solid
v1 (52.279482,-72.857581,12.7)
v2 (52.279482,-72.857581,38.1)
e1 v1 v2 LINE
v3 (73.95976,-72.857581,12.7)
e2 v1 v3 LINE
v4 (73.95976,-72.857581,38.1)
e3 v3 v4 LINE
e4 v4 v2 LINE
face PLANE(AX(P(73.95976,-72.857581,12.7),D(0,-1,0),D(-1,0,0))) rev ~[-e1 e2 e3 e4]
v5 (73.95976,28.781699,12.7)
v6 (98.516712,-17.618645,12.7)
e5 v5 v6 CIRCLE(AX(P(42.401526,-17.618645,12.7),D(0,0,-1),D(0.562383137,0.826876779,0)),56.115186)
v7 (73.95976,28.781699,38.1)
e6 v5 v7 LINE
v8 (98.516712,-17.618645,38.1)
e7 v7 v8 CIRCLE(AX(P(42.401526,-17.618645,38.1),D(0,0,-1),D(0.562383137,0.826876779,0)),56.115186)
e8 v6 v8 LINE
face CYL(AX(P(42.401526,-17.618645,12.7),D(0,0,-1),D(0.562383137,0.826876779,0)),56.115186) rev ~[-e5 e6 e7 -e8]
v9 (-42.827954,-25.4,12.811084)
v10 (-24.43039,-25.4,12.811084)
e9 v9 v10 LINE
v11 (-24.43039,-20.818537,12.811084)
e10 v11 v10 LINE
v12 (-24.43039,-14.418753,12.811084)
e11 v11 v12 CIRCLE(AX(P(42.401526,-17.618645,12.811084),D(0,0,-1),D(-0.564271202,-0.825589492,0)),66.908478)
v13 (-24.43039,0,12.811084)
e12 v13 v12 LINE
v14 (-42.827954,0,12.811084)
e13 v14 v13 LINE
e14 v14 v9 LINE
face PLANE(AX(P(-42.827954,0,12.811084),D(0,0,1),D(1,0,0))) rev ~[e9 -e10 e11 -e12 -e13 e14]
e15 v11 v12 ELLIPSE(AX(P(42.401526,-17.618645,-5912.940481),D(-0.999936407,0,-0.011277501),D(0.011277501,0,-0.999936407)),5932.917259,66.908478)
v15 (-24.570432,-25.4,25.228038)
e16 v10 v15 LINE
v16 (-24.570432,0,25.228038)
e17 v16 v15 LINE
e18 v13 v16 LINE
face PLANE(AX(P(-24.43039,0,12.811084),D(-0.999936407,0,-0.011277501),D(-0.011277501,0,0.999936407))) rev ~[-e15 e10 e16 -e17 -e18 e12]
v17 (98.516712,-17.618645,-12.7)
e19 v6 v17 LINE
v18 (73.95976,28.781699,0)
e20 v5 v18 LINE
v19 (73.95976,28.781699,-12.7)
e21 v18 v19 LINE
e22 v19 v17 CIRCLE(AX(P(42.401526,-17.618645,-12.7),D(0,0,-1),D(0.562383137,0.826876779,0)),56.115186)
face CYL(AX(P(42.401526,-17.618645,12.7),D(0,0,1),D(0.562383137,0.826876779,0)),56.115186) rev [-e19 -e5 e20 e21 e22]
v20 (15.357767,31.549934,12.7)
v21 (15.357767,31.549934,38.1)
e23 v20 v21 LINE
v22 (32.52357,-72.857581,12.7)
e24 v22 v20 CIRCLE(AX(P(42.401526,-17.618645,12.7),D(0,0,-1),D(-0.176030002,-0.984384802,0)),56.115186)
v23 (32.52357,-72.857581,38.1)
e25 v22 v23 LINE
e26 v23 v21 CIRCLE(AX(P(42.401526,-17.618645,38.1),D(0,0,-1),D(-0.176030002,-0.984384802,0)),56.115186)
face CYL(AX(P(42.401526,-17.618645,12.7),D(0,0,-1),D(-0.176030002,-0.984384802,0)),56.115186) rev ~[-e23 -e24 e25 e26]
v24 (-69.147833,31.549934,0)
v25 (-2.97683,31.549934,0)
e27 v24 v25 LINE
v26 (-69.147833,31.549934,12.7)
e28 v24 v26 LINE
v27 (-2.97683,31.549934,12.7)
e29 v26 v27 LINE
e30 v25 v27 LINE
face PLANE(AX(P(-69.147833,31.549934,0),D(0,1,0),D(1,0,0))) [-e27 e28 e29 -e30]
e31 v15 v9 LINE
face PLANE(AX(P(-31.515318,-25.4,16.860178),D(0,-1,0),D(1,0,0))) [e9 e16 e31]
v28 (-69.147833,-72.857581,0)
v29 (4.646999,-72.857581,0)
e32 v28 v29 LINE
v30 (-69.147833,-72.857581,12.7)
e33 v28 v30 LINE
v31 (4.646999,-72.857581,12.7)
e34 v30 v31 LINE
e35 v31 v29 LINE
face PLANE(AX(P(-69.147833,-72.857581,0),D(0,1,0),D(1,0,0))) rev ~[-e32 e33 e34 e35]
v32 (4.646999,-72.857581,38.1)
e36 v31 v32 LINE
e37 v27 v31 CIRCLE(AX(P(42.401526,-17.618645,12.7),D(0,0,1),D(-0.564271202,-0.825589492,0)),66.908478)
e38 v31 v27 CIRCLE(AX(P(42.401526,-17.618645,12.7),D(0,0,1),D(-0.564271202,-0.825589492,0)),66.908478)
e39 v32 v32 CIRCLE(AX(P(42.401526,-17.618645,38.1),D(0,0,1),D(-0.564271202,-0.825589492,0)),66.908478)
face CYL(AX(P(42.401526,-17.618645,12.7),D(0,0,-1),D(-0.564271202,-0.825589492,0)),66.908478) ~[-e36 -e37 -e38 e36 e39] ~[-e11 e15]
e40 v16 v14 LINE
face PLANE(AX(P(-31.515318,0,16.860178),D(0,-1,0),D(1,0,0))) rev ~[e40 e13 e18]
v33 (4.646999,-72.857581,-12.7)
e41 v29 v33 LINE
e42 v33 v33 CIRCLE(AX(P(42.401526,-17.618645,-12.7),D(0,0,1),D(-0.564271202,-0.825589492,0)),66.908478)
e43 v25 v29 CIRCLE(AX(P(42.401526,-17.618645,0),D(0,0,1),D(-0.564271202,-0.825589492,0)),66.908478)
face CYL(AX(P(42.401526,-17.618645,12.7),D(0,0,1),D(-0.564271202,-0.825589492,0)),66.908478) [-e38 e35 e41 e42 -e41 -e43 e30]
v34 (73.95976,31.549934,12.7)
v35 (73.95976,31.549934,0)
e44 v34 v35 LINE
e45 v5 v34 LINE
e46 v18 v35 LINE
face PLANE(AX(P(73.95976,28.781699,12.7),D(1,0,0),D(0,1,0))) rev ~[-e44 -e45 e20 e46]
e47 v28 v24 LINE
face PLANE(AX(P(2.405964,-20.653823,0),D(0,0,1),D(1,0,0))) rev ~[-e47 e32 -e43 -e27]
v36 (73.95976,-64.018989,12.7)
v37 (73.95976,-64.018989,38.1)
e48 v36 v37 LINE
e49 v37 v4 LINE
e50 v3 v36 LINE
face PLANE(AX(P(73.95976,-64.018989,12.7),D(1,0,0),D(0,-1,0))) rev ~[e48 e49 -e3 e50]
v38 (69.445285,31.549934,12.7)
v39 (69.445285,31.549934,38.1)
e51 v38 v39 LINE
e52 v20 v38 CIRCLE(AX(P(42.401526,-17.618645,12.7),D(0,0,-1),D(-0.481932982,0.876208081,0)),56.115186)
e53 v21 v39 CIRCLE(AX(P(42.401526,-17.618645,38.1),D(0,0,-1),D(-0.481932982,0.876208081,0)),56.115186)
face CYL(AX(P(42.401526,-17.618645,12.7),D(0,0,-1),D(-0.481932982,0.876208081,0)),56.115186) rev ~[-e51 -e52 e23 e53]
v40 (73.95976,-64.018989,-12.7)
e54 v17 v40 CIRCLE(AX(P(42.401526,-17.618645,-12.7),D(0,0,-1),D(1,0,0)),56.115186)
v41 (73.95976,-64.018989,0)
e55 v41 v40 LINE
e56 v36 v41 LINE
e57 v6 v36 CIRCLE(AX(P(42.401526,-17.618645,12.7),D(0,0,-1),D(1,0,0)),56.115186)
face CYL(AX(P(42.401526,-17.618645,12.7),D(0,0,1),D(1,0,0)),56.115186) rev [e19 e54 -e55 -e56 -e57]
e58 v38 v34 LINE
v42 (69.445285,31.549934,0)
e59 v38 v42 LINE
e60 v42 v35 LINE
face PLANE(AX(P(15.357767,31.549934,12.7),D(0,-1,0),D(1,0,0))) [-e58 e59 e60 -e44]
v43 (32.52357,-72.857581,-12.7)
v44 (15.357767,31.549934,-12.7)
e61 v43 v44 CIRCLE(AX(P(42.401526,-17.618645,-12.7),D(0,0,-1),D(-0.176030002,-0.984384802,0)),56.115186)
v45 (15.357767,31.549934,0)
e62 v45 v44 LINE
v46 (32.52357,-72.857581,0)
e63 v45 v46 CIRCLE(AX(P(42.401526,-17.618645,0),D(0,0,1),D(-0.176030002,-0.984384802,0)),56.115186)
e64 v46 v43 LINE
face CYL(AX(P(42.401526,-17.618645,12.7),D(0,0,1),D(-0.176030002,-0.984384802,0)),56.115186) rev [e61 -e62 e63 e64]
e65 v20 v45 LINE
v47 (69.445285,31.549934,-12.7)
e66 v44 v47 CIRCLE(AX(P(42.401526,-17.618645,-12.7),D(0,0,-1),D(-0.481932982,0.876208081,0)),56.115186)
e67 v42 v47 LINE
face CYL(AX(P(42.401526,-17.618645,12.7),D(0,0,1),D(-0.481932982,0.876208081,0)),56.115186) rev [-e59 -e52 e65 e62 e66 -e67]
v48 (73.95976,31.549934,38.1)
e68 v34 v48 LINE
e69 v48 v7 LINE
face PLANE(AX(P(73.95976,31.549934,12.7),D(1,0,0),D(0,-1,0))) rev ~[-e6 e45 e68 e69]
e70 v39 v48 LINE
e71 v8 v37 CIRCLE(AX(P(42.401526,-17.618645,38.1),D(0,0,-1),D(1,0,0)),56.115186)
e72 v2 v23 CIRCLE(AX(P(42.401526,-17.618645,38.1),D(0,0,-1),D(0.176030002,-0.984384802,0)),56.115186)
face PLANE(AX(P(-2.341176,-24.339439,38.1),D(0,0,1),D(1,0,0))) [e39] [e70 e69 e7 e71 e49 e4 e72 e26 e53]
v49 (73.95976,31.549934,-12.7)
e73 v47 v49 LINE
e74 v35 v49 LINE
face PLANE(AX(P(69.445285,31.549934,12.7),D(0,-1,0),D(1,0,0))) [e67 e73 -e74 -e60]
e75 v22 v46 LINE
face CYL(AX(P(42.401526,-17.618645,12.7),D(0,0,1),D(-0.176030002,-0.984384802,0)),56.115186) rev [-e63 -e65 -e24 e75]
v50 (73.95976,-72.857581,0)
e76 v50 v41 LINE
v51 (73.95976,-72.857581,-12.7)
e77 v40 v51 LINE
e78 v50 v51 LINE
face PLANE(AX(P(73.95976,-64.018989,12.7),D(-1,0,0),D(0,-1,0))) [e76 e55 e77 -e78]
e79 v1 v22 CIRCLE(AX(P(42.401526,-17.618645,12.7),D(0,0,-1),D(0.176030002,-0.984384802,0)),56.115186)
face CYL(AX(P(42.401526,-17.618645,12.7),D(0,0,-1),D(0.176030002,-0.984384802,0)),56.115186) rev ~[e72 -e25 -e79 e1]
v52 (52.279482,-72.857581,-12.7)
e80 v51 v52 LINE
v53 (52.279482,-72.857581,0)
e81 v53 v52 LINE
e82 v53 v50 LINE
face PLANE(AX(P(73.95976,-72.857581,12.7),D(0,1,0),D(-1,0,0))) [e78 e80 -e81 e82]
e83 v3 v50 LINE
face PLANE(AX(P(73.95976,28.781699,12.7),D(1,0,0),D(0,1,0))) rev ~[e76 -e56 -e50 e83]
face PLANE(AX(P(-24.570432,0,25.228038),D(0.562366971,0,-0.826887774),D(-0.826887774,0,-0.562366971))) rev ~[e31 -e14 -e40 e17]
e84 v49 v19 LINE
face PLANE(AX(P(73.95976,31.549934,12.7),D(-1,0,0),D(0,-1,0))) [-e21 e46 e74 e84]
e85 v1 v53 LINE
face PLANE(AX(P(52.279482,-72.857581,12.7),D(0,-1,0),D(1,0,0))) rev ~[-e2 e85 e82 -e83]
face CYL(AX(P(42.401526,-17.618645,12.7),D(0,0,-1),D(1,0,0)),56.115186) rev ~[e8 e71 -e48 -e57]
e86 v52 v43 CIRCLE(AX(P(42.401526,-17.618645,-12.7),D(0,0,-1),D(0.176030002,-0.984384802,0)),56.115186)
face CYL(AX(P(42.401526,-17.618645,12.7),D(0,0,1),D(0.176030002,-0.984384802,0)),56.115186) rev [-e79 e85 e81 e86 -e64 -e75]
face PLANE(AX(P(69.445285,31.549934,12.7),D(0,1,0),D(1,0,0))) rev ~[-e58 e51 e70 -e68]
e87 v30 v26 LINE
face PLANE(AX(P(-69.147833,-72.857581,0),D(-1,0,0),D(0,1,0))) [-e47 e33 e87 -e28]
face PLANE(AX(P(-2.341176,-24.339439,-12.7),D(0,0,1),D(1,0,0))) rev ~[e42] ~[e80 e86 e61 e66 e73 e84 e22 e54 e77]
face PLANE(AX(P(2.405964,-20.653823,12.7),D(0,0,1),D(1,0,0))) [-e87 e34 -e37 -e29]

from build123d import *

# Parameters (mm, degrees)
F0_W          = 143.1075930595
F0_H          = 104.4075153768
F1_DEPTH      = 12.7
F3_DEPTH      = 25.4
F3_DEPTH_BACK = 25.4
F4_DEPTH      = 25.4
F6_DEPTH      = 25.4


with BuildPart() as f1:
    # F0 (on Top) → F1 (new body)
    with BuildSketch(Plane.XY):
        with Locations((2.4059638381, -20.6538233906)):
            Rectangle(F0_W, F0_H)
    extrude(amount=F1_DEPTH)

    # F2 (on face) → F3 (join, two sides)
    with BuildSketch(Plane.XY.offset(12.7)) as f3_sk:
        with BuildLine():
            Line((15.3577672787, 31.5499342978), (-2.9768298588, 31.5499342978))
            ThreePointArc((-2.9768298588, 31.5499342978), (-24.3292867036, -22.491323871), (4.6469989905, -72.857581079))
            Line((4.6469989905, -72.857581079), (32.5235698655, -72.857581079))
            ThreePointArc((32.5235698655, -72.857581079), (-12.9702679448, -26.7224080826), (15.3577672787, 31.5499342978))
        make_face()
        with BuildLine():
            ThreePointArc((4.6469989905, -72.857581079), (73.6316913936, -76.7914525658), (109.3100037632, -17.6186449826))
            ThreePointArc((109.3100037632, -17.6186449826), (69.2394439219, 43.6714076224), (-2.9768298588, 31.5499342978))
            Line((-2.9768298588, 31.5499342978), (15.3577672787, 31.5499342978))
            ThreePointArc((15.3577672787, 31.5499342978), (42.4015261233, 38.4965408489), (69.4452849679, 31.5499342978))
            Line((69.4452849679, 31.5499342978), (73.9597603679, 31.5499342978))
            Line((73.9597603679, 31.5499342978), (73.9597603679, 28.7816991138))
            ThreePointArc((73.9597603679, 28.7816991138), (91.9989568029, 8.6303350143), (98.5167119547, -17.6186449826))
            ThreePointArc((98.5167119547, -17.6186449826), (91.9989568029, -43.8676249794), (73.9597603679, -64.0189890789))
            Line((73.9597603679, -64.0189890789), (73.9597603679, -72.857581079))
            Line((73.9597603679, -72.857581079), (52.279482381, -72.857581079))
            ThreePointArc((52.279482381, -72.857581079), (42.4015261233, -73.733830814), (32.5235698655, -72.857581079))
            Line((32.5235698655, -72.857581079), (4.6469989905, -72.857581079))
        make_face()
    extrude(amount=F3_DEPTH)
    extrude(f3_sk.sketch, amount=-F3_DEPTH_BACK)

    # F4 (cut): a face of the model
    f4_faces = [f1.faces().sort_by_distance(p)[0] for p in [
        (34.4480932251, -19.6254541978, 12.7),
    ]]
    extrude(f4_faces, amount=-F4_DEPTH, mode=Mode.SUBTRACT)

    # F5 (on Front) → F6 (join)
    with BuildSketch(Plane.XZ):
        Polygon((-24.4303904474, 12.8110842779), (-24.5704315603, 25.2280384302), (-42.8279539842, 12.8110842779), align=None)
    extrude(amount=F6_DEPTH)


solid = f1.part
